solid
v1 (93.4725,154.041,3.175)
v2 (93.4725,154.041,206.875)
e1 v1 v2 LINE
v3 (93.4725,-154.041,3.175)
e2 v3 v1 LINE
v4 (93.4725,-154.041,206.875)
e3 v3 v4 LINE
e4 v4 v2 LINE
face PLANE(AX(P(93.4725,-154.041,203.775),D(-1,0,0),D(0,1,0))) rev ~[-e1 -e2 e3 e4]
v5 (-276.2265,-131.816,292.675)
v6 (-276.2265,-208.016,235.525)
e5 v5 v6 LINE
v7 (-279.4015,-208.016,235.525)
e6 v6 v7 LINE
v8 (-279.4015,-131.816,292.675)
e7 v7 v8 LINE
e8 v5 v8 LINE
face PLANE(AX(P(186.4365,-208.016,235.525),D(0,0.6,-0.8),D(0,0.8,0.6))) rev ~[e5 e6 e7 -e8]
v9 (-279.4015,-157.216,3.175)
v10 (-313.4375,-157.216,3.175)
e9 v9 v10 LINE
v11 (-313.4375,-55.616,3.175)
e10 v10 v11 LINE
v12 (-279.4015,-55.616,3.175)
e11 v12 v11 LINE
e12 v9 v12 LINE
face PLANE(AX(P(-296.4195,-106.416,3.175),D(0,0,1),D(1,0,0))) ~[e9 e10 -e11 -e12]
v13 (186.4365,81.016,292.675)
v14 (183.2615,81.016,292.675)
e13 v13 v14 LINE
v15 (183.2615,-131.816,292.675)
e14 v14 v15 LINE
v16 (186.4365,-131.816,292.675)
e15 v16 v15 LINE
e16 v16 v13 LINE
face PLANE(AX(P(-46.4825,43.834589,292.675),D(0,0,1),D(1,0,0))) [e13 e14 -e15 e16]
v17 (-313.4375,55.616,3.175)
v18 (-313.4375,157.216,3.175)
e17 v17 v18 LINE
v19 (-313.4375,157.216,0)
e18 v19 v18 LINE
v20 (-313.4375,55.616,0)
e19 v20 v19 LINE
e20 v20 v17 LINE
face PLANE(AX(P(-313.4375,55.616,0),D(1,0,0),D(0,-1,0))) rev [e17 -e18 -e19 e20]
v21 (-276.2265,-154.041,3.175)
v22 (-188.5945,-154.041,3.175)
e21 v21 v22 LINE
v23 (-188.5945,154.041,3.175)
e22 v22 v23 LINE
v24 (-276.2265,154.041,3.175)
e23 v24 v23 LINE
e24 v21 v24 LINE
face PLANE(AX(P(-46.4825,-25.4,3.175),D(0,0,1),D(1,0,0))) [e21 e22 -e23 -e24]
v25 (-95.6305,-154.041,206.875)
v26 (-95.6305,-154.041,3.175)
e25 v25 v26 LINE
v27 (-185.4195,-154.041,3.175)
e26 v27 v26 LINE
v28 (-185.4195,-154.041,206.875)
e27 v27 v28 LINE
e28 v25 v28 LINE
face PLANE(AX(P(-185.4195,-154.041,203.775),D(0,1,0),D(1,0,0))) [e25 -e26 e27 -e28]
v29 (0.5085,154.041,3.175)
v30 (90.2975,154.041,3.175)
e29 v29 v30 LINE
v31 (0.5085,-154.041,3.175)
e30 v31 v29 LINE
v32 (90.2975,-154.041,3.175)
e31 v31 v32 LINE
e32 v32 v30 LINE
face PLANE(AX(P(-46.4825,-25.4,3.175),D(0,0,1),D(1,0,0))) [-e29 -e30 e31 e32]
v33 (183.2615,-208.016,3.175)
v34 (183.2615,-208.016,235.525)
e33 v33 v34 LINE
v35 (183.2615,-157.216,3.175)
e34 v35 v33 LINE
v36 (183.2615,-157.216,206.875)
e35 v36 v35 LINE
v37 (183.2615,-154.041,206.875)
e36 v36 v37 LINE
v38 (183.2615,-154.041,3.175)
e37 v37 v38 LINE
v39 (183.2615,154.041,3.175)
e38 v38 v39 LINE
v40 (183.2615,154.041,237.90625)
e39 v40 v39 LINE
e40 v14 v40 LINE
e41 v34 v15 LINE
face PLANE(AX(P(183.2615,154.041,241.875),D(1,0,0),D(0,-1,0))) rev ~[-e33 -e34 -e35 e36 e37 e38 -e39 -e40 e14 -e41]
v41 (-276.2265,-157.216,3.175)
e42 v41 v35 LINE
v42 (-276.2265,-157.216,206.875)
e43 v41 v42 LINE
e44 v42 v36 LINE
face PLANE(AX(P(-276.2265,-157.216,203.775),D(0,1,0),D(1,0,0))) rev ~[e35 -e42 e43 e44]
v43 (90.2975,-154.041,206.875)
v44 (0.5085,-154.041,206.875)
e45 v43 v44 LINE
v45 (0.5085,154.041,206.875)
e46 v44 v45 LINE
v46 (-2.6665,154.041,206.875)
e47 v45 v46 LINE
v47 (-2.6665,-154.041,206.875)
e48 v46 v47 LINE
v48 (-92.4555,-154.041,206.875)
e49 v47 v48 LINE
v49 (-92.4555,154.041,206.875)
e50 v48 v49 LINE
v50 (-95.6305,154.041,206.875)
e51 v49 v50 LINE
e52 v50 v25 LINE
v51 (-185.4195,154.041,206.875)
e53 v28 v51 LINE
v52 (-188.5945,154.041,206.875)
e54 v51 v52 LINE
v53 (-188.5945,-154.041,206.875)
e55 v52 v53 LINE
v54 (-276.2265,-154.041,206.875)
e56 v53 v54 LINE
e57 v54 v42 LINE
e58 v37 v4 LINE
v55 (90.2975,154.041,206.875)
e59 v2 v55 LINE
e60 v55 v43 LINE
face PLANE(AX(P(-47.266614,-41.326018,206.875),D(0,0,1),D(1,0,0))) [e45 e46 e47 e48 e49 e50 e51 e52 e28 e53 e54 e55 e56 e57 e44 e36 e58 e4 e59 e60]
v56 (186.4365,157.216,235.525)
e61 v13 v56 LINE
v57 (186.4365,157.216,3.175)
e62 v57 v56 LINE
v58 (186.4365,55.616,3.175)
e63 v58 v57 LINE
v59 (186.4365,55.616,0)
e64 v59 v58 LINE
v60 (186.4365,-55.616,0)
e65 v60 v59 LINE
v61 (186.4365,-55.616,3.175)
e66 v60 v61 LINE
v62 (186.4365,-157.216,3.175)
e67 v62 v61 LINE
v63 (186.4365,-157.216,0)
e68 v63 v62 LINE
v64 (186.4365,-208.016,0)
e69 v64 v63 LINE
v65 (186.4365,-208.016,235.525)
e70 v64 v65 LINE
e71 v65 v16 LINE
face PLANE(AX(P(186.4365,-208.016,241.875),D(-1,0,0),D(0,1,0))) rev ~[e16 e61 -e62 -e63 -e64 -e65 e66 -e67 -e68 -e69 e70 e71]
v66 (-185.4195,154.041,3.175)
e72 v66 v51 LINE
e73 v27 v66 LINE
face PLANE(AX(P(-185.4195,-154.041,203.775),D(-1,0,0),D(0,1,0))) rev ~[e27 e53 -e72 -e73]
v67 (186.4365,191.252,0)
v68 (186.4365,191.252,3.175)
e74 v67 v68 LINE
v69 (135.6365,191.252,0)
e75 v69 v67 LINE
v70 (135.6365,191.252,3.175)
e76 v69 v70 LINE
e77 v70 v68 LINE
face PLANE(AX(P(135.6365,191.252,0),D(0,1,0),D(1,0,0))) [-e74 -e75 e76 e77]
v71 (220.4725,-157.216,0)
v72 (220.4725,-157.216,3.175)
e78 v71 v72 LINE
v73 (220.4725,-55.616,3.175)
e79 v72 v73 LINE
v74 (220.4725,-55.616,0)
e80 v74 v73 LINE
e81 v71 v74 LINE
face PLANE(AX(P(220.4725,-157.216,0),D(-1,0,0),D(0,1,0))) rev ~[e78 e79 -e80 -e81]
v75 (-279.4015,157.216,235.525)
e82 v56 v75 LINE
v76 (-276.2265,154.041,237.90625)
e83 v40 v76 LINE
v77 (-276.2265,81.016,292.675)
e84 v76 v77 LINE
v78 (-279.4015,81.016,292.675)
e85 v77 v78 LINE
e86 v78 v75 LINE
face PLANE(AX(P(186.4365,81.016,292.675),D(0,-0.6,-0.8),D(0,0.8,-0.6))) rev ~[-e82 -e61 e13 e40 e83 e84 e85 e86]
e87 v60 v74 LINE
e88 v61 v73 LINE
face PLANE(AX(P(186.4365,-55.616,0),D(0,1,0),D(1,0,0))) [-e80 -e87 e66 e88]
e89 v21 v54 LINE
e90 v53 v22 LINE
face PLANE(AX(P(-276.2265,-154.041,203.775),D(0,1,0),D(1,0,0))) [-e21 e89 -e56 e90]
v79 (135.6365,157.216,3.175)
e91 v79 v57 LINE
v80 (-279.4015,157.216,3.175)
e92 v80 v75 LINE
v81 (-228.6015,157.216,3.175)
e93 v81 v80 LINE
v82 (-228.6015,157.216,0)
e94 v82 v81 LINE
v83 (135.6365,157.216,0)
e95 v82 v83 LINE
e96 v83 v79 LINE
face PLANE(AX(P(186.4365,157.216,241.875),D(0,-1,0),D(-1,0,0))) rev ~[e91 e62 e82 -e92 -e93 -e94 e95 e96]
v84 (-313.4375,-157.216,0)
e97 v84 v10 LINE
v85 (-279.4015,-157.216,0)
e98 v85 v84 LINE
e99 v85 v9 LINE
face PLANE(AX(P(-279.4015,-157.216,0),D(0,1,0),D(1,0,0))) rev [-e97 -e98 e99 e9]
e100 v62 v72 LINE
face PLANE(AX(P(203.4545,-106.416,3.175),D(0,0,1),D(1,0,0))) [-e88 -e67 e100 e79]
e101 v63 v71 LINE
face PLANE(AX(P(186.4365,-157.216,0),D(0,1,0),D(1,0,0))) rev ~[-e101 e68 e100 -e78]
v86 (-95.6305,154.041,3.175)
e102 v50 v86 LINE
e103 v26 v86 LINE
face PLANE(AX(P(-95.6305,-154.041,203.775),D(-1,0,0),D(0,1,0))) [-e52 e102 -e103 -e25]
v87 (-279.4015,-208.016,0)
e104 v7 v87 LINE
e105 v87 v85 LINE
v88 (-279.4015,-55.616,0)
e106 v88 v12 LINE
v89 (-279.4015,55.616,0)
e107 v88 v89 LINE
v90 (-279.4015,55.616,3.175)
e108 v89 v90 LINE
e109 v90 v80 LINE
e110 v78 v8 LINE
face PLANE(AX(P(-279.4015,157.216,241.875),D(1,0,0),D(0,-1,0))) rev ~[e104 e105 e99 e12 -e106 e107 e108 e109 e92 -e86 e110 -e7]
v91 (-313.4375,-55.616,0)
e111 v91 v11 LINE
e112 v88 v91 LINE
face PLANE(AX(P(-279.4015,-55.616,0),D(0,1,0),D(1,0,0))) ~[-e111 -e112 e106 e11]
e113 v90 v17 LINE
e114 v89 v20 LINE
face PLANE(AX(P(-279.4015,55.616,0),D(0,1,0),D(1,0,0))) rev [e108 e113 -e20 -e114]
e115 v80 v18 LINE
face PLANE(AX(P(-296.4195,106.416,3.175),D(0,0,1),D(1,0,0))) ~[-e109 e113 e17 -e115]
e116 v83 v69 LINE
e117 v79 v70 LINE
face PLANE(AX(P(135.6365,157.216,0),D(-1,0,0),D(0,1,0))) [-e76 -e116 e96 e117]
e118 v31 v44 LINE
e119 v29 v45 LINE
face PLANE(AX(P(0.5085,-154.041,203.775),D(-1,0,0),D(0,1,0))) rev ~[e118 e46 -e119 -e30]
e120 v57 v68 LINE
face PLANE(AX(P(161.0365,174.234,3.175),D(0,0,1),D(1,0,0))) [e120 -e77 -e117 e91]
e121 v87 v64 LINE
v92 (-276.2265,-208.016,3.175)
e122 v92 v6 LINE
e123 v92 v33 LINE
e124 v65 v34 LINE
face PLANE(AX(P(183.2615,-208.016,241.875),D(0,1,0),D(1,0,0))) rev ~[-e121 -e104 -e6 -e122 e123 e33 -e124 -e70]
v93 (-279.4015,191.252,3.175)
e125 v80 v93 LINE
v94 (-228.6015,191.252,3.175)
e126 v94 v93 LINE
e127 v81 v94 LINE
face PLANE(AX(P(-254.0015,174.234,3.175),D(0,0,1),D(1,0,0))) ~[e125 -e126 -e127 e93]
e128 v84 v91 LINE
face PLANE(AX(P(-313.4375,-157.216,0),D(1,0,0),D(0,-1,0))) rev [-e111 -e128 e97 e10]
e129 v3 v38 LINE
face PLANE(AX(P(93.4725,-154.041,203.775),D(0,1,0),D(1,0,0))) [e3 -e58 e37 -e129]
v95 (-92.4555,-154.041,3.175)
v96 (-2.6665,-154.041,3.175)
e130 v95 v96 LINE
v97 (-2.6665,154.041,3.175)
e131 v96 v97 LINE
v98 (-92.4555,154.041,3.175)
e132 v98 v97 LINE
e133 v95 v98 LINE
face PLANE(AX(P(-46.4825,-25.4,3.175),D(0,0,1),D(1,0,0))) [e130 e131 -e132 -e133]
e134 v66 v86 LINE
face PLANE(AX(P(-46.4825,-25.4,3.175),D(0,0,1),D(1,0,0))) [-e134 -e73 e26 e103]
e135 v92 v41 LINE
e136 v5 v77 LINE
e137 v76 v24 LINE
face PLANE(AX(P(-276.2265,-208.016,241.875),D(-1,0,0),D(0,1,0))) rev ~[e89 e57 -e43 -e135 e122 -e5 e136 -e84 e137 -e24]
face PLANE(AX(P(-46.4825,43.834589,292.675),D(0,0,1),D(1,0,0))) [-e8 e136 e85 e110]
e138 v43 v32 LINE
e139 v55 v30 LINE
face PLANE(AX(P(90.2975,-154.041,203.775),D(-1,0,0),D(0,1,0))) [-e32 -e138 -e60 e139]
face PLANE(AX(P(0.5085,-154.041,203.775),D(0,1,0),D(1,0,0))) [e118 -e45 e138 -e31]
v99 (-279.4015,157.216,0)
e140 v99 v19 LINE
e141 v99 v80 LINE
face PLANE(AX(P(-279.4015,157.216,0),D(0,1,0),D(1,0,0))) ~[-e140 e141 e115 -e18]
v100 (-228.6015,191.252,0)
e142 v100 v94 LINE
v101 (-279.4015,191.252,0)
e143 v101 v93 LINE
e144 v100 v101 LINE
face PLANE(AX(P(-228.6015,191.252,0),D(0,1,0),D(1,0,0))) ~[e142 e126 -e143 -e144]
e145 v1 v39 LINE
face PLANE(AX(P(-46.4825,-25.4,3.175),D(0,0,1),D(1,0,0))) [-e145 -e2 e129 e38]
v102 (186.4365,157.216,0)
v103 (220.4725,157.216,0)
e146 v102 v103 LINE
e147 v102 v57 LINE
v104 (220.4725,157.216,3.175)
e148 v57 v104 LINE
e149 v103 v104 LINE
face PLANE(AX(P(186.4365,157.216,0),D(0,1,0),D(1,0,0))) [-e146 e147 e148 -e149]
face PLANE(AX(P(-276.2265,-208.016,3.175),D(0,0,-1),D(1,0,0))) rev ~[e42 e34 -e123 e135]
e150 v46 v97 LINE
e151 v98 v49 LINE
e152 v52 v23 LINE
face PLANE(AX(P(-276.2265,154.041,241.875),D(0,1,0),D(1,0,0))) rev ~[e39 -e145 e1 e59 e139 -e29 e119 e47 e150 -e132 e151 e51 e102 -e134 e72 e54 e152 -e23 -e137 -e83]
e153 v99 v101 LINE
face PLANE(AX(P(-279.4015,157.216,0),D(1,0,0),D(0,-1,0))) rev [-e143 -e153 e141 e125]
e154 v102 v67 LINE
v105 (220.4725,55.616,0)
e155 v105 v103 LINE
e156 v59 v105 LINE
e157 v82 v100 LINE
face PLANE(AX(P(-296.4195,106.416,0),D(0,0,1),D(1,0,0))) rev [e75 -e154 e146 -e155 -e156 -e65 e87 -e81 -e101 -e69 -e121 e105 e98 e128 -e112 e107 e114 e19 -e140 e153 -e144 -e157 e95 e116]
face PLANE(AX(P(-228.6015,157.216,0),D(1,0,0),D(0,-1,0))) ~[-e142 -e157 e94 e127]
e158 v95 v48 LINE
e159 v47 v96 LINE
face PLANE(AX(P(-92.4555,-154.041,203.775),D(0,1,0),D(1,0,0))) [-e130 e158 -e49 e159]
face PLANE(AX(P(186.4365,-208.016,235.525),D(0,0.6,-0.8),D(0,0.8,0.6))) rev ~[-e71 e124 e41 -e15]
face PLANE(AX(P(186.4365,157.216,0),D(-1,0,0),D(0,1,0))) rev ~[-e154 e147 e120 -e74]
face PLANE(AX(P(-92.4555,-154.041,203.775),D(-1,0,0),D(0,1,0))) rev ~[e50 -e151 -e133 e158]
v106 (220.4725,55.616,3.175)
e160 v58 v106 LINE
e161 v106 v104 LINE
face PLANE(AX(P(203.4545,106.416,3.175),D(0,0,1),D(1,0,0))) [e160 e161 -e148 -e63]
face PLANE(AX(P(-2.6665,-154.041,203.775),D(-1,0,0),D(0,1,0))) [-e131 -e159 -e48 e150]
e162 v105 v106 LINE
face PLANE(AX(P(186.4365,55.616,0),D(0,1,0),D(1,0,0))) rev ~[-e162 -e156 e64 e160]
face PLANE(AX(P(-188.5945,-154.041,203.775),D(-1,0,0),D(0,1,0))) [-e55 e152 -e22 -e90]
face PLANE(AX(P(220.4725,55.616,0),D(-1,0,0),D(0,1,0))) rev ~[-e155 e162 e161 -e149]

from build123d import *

# Parameters (mm, degrees)
SKETCH1_W           = 465.838
SKETCH1_H           = 365.232
BOSS_EXTRUDE1_DEPTH = 3.175
SKETCH2_W           = 465.838
SKETCH2_H           = 365.232
SKETCH2_W_2         = 459.488
SKETCH2_H_2         = 47.625
SKETCH2_W_3         = 89.789
SKETCH2_H_3         = 308.082
SKETCH2_W_4         = 87.632
BOSS_EXTRUDE2_DEPTH = 200.6
SKETCH4_W           = 459.488
SKETCH4_H           = 200.6
CUT_EXTRUDE1_DEPTH  = 3.175
SKETCH5_W           = 89.789
SKETCH5_H           = 308.082
SKETCH5_W_2         = 87.632
BOSS_EXTRUDE5_DEPTH = 38.1
CUT_EXTRUDE2_DEPTH  = 35
BOSS_EXTRUDE6_DEPTH = 50.8
CUT_EXTRUDE3_DEPTH  = 589.161843479
SKETCH10_W          = 34.036
SKETCH10_H          = 101.6
SKETCH10_W_2        = 50.8
SKETCH10_H_2        = 34.036
BOSS_EXTRUDE7_DEPTH = 3.175


with BuildPart() as part:
    # Sketch1 → Boss-Extrude1 (new body)
    with BuildSketch(Plane.XY):
        with Locations((-46.4825, -25.4)):
            Rectangle(SKETCH1_W, SKETCH1_H)
    extrude(amount=BOSS_EXTRUDE1_DEPTH)

    # Sketch2 → Boss-Extrude2 (add)
    with BuildSketch(Plane.XY.offset(3.175)):
        with Locations((-46.4825, -25.4)):
            Rectangle(SKETCH2_W, SKETCH2_H)
        with Locations((-46.4825, -181.0285)):
            Rectangle(SKETCH2_W_2, SKETCH2_H_2, mode=Mode.SUBTRACT)
        with Locations((138.367, 0)):
            Rectangle(SKETCH2_W_3, SKETCH2_H_3, mode=Mode.SUBTRACT)
        with Locations((45.403, 0)):
            Rectangle(SKETCH2_W_3, SKETCH2_H_3, mode=Mode.SUBTRACT)
        with Locations((-47.561, 0)):
            Rectangle(SKETCH2_W_3, SKETCH2_H_3, mode=Mode.SUBTRACT)
        with Locations((-140.525, 0)):
            Rectangle(SKETCH2_W_3, SKETCH2_H_3, mode=Mode.SUBTRACT)
        with Locations((-232.4105, 0)):
            Rectangle(SKETCH2_W_4, SKETCH2_H_3, mode=Mode.SUBTRACT)
    extrude(amount=BOSS_EXTRUDE2_DEPTH)

    # Sketch4 → Cut-Extrude1 (cut)
    with BuildSketch(Plane.XZ.offset(208.016)):
        with Locations((-46.4825, 103.475)):
            Rectangle(SKETCH4_W, SKETCH4_H)
    extrude(amount=-CUT_EXTRUDE1_DEPTH, mode=Mode.SUBTRACT)

    # Sketch5 → Boss-Extrude5 (add)
    with BuildSketch(Plane.XY.offset(203.775)):
        Polygon((186.4365, 157.216), (-279.4015, 157.216), (-279.4015, -208.016), (-276.2265, -208.016), (-276.2265, -157.216), (183.2615, -157.216), (183.2615, -208.016), (186.4365, -208.016), align=None)
        with Locations((-140.525, 0)):
            Rectangle(SKETCH5_W, SKETCH5_H, mode=Mode.SUBTRACT)
        with Locations((-47.561, 0)):
            Rectangle(SKETCH5_W, SKETCH5_H, mode=Mode.SUBTRACT)
        with Locations((45.403, 0)):
            Rectangle(SKETCH5_W, SKETCH5_H, mode=Mode.SUBTRACT)
        with Locations((138.367, 0)):
            Rectangle(SKETCH5_W, SKETCH5_H, mode=Mode.SUBTRACT)
        with Locations((-232.4105, 0)):
            Rectangle(SKETCH5_W_2, SKETCH5_H, mode=Mode.SUBTRACT)
    extrude(amount=BOSS_EXTRUDE5_DEPTH)

    # Sketch7 → Cut-Extrude2 (cut)
    with BuildSketch(Plane.XY.offset(241.875)):
        Polygon((-185.4195, -154.041), (-185.4195, 154.041), (-188.5945, 154.041), (-188.5945, -154.041), (-276.2265, -154.041), (-276.2265, -157.216), (183.2615, -157.216), (183.2615, -154.041), (93.4725, -154.041), (93.4725, 154.041), (90.2975, 154.041), (90.2975, -154.041), (0.5085, -154.041), (0.5085, 154.041), (-2.6665, 154.041), (-2.6665, -154.041), (-92.4555, -154.041), (-92.4555, 154.041), (-95.6305, 154.041), (-95.6305, -154.041), align=None)
    extrude(amount=-CUT_EXTRUDE2_DEPTH, mode=Mode.SUBTRACT)

    # Sketch8 → Boss-Extrude6 (add)
    with BuildSketch(Plane.XY.offset(241.875)):
        Polygon((183.2615, 154.041), (183.2615, -208.016), (186.4365, -208.016), (186.4365, 157.216), (-279.4015, 157.216), (-279.4015, -208.016), (-276.2265, -208.016), (-276.2265, 154.041), align=None)
    extrude(amount=BOSS_EXTRUDE6_DEPTH)

    # Sketch9 → Cut-Extrude3 (cut, through all)
    with BuildSketch(Plane(origin=(186.4365, 0, 0), x_dir=(0, 0, -1), z_dir=(1, 0, 0))):
        Polygon((-292.675, -208.016), (-235.525, -208.016), (-292.675, -131.816), align=None)
        Polygon((-292.675, 157.216), (-292.675, 81.016), (-235.525, 157.216), align=None)
    extrude(amount=-CUT_EXTRUDE3_DEPTH, mode=Mode.SUBTRACT)

    # Sketch10 → Boss-Extrude7 (add)
    with BuildSketch(Plane.XY):
        with Locations((203.4545, 106.416)):
            Rectangle(SKETCH10_W, SKETCH10_H)
        with Locations((203.4545, -106.416)):
            Rectangle(SKETCH10_W, SKETCH10_H)
        with Locations((161.0365, 174.234)):
            Rectangle(SKETCH10_W_2, SKETCH10_H_2)
    boss_extrude7 = extrude(amount=BOSS_EXTRUDE7_DEPTH)

    # Mirror1: Boss-Extrude7 across plane
    add(boss_extrude7.mirror(Plane.ZY.offset(46.4825)))


solid = part.part
